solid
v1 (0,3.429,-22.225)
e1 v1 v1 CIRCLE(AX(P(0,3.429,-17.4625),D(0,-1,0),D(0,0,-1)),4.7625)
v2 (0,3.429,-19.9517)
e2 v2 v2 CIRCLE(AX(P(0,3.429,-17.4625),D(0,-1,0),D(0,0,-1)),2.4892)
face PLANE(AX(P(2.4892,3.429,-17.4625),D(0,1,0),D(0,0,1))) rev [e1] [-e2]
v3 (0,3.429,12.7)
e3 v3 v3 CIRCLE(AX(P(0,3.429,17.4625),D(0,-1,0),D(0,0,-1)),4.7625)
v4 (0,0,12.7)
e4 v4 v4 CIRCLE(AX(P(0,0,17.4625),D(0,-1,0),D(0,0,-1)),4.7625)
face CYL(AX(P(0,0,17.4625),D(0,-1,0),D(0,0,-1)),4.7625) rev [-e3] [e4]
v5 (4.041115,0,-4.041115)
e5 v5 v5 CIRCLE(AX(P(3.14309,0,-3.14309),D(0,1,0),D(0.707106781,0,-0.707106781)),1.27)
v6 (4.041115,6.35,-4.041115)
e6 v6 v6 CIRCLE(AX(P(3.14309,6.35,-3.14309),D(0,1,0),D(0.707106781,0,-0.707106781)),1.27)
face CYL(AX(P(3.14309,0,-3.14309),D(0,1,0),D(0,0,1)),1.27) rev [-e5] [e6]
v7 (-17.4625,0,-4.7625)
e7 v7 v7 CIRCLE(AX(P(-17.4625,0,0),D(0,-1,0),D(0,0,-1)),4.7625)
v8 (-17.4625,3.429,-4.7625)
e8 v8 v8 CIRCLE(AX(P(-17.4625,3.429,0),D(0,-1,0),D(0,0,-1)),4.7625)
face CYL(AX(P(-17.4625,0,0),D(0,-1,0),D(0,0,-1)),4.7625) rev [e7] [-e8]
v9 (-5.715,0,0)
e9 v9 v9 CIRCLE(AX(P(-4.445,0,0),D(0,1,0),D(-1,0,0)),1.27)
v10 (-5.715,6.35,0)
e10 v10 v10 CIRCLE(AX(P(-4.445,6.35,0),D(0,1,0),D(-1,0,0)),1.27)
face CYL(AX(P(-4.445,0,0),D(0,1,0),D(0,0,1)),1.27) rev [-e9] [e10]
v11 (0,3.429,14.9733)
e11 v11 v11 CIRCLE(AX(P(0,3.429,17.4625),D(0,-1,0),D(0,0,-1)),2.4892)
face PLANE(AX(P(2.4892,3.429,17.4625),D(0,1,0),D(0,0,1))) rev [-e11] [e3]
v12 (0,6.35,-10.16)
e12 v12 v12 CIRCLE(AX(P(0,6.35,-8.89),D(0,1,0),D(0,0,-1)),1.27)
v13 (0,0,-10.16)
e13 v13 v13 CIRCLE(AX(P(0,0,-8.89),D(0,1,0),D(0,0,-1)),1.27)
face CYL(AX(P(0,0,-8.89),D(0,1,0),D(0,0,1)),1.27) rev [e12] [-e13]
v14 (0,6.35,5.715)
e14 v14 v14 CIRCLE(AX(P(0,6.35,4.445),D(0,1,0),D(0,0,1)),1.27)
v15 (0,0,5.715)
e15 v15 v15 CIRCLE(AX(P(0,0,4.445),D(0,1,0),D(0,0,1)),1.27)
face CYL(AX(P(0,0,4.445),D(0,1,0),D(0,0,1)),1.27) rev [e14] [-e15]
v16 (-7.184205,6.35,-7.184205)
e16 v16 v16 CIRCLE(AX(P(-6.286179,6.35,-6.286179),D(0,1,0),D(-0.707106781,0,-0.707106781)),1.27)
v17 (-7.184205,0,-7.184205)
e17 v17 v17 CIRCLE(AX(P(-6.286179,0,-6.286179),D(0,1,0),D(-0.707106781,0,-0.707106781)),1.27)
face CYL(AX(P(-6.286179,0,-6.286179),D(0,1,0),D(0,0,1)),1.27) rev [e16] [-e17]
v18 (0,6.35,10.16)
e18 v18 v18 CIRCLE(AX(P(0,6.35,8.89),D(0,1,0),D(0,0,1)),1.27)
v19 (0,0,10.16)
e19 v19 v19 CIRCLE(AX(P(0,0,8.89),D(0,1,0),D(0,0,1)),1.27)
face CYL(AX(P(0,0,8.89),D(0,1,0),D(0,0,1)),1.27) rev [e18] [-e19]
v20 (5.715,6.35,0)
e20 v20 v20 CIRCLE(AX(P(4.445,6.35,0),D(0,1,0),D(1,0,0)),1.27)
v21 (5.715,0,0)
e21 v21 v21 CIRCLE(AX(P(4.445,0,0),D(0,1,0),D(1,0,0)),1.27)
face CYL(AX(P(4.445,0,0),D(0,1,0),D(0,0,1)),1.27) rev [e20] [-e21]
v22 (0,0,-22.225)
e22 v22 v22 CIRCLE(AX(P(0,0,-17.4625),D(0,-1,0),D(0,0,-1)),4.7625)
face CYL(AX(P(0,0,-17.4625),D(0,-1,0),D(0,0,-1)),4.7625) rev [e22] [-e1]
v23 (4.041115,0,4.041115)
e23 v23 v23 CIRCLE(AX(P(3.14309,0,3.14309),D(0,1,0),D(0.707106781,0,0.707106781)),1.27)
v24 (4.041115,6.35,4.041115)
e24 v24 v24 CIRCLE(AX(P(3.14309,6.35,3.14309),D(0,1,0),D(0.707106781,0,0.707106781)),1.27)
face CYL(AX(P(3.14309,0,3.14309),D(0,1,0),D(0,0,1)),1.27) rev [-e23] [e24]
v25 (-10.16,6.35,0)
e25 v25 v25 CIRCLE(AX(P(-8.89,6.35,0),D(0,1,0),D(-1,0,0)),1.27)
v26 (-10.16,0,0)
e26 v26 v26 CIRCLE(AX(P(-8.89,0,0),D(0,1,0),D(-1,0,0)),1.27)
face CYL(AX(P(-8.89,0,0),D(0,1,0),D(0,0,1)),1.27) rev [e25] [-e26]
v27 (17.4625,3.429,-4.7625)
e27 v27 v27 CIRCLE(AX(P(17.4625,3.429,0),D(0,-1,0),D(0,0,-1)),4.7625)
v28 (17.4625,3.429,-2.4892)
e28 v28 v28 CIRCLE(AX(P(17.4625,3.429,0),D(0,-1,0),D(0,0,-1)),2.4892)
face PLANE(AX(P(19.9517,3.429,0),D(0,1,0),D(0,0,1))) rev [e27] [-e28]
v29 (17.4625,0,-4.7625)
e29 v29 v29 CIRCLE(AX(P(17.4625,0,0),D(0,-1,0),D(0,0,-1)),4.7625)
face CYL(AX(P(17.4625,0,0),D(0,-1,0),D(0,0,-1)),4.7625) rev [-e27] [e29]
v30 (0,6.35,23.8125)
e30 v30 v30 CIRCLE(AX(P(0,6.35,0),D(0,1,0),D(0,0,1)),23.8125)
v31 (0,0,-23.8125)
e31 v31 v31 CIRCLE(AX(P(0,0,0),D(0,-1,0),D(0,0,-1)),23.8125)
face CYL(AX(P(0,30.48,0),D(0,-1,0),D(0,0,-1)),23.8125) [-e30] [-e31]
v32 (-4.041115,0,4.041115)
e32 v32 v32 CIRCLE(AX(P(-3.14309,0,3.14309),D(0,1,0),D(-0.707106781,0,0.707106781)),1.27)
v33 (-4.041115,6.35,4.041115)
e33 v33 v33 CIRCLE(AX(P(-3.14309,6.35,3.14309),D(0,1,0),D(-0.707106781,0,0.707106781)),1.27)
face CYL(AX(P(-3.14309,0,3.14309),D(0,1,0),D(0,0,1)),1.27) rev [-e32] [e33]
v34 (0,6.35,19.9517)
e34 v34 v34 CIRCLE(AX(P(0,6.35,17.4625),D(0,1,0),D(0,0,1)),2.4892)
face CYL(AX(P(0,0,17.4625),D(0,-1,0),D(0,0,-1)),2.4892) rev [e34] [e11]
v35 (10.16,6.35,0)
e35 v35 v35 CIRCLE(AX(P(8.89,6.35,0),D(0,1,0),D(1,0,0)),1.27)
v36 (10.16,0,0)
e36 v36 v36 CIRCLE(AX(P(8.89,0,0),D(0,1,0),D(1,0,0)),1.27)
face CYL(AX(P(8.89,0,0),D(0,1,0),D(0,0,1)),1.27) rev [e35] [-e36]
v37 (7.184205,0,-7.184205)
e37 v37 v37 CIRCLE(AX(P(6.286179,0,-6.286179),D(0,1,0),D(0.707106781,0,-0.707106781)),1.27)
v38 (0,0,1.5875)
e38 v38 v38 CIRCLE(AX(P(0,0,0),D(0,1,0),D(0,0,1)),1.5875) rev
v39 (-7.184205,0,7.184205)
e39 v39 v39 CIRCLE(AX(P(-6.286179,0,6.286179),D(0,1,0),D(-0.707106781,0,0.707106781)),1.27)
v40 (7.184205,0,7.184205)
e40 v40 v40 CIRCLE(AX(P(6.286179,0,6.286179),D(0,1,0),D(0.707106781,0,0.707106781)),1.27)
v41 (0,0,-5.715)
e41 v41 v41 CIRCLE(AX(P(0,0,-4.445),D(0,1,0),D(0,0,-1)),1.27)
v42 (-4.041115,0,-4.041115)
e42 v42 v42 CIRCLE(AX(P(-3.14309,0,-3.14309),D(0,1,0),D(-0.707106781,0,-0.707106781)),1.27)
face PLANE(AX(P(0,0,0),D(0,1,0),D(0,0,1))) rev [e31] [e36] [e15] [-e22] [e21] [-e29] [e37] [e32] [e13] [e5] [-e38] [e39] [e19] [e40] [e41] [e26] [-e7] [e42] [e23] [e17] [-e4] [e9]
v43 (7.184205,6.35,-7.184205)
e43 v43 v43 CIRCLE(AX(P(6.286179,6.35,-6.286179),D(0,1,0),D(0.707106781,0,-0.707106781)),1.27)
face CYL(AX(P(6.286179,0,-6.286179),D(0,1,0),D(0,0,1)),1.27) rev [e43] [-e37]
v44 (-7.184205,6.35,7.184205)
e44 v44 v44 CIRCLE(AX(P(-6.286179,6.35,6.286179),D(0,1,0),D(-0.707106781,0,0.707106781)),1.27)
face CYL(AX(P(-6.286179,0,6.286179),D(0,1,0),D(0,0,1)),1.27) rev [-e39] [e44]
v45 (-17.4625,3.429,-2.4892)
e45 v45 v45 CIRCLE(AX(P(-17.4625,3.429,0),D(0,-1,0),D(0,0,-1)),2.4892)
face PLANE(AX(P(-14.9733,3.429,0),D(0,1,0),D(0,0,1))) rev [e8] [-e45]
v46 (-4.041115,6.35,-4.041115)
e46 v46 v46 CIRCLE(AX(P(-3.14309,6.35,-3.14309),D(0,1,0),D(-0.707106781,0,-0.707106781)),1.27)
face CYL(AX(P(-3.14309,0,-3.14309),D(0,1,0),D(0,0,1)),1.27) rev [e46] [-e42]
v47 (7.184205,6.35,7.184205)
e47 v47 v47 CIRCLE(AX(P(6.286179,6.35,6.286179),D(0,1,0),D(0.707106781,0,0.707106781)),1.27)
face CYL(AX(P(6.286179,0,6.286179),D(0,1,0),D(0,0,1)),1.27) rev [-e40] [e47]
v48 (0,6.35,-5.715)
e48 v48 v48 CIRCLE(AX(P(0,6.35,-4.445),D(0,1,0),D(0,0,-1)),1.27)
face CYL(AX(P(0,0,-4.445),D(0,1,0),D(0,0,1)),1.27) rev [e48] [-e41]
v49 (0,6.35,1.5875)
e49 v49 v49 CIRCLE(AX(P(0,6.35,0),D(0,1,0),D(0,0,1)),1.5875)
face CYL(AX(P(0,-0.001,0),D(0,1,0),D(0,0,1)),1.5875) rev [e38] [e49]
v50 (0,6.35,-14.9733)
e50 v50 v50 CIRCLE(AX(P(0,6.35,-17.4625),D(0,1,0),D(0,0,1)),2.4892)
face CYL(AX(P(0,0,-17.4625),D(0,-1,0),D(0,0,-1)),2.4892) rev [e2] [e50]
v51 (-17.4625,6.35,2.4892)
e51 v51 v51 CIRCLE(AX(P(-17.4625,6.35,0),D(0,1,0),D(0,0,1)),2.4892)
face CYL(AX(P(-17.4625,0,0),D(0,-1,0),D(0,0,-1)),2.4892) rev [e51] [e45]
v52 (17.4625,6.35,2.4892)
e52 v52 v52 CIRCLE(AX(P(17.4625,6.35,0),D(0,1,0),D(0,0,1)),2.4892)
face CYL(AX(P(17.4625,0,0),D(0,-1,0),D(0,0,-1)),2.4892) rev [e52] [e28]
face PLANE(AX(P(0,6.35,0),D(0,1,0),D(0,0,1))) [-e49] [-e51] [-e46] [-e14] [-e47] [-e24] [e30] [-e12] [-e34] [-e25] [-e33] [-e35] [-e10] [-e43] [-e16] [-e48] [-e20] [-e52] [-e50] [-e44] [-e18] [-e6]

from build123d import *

# Parameters (mm, degrees)
SKETCH1_R                                           = 50.8
BOSS_EXTRUDE1_DEPTH                                 = 25.4
SKETCH2_R                                           = 69.85
SKETCH2_R_2                                         = 50.8
BOSS_EXTRUDE2_DEPTH                                 = 12.7
SKETCH3_R                                           = 49.53
SKETCH3_R_2                                         = 47.625
CUT_EXTRUDE1_DEPTH                                  = 1.1176
CUT_EXTRUDE2_REACH                                  = 27.4
SKETCH4_R                                           = 3.175
SKETCH5_R                                           = 11.43
CUT_EXTRUDE3_DEPTH                                  = 19.05
CUT_EXTRUDE4_REACH                                  = 8.35
SKETCH6_R                                           = 1.5875
SKETCH42_OUTSIDE_W                                  = 181.538
SKETCH42_OUTSIDE_H                                  = 181.538
SKETCH42_OUTSIDE_R                                  = 23.8125
CUT_EXTRUDE9_DEPTH                                  = 30.48
SKETCH43_R                                          = 20.6375
CUT_EXTRUDE10_DEPTH                                 = 19.05
CBORE_FOR_10_BINDING_HEAD_MACHINE_SCREW_D           = 4.9784
CBORE_FOR_10_BINDING_HEAD_MACHINE_SCREW_CBORE_D     = 9.525
CBORE_FOR_10_BINDING_HEAD_MACHINE_SCREW_CBORE_DEPTH = 3.429
SKETCH52_R                                          = 23.8125
CUT_EXTRUDE11_DEPTH                                 = 19.05
SKETCH54_R                                          = 1.27
CUT_EXTRUDE12_DEPTH                                 = 6.35
CIRPATTERN1_COUNT                                   = 8
SKETCH55_R                                          = 1.27
CUT_EXTRUDE13_DEPTH                                 = 6.35
CIRPATTERN2_COUNT                                   = 8


with BuildPart() as part:
    # Sketch1 → Boss-Extrude1 (new body)
    with BuildSketch(Plane(origin=(0, 0, 0), x_dir=(1, 0, 0), z_dir=(0, 1, 0))):
        Circle(SKETCH1_R)
    extrude(amount=BOSS_EXTRUDE1_DEPTH)

    # Sketch2 → Boss-Extrude2 (add)
    with BuildSketch(Plane.XZ):
        Circle(SKETCH2_R)
        Circle(SKETCH2_R_2, mode=Mode.SUBTRACT)
    extrude(amount=-BOSS_EXTRUDE2_DEPTH)

    # Sketch3 → Cut-Extrude1 (cut)
    with BuildSketch(Plane.XZ):
        Circle(SKETCH3_R)
        Circle(SKETCH3_R_2, mode=Mode.SUBTRACT)
    extrude(amount=-CUT_EXTRUDE1_DEPTH, mode=Mode.SUBTRACT)

    # Sketch4 → Cut-Extrude2 (cut, up to next)
    with BuildSketch(Plane.XZ, mode=Mode.PRIVATE) as cut_extrude2_sk1:
        with Locations((0, -59.9186)):
            Circle(SKETCH4_R)
    cut_extrude2_tool1 = extrude(cut_extrude2_sk1.sketch, amount=-CUT_EXTRUDE2_REACH, mode=Mode.PRIVATE) & part.part
    add(cut_extrude2_tool1.solids().sort_by_distance((0, 0, -59.9186))[0], mode=Mode.SUBTRACT)
    # Sketch4 → Cut-Extrude2 (cut, up to next)
    with BuildSketch(Plane.XZ, mode=Mode.PRIVATE) as cut_extrude2_sk2:
        with Locations((-42.368848379, -42.368848379)):
            Circle(SKETCH4_R)
    cut_extrude2_tool2 = extrude(cut_extrude2_sk2.sketch, amount=-CUT_EXTRUDE2_REACH, mode=Mode.PRIVATE) & part.part
    add(cut_extrude2_tool2.solids().sort_by_distance((-42.368848, 0, -42.368848))[0], mode=Mode.SUBTRACT)
    # Sketch4 → Cut-Extrude2 (cut, up to next)
    with BuildSketch(Plane.XZ, mode=Mode.PRIVATE) as cut_extrude2_sk3:
        with Locations((-59.9186, 0)):
            Circle(SKETCH4_R)
    cut_extrude2_tool3 = extrude(cut_extrude2_sk3.sketch, amount=-CUT_EXTRUDE2_REACH, mode=Mode.PRIVATE) & part.part
    add(cut_extrude2_tool3.solids().sort_by_distance((-59.9186, 0, 0))[0], mode=Mode.SUBTRACT)
    # Sketch4 → Cut-Extrude2 (cut, up to next)
    with BuildSketch(Plane.XZ, mode=Mode.PRIVATE) as cut_extrude2_sk4:
        with Locations((-42.368848379, 42.368848379)):
            Circle(SKETCH4_R)
    cut_extrude2_tool4 = extrude(cut_extrude2_sk4.sketch, amount=-CUT_EXTRUDE2_REACH, mode=Mode.PRIVATE) & part.part
    add(cut_extrude2_tool4.solids().sort_by_distance((-42.368848, 0, 42.368848))[0], mode=Mode.SUBTRACT)
    # Sketch4 → Cut-Extrude2 (cut, up to next)
    with BuildSketch(Plane.XZ, mode=Mode.PRIVATE) as cut_extrude2_sk5:
        with Locations((0, 59.9186)):
            Circle(SKETCH4_R)
    cut_extrude2_tool5 = extrude(cut_extrude2_sk5.sketch, amount=-CUT_EXTRUDE2_REACH, mode=Mode.PRIVATE) & part.part
    add(cut_extrude2_tool5.solids().sort_by_distance((0, 0, 59.9186))[0], mode=Mode.SUBTRACT)
    # Sketch4 → Cut-Extrude2 (cut, up to next)
    with BuildSketch(Plane.XZ, mode=Mode.PRIVATE) as cut_extrude2_sk6:
        with Locations((42.368848379, 42.368848379)):
            Circle(SKETCH4_R)
    cut_extrude2_tool6 = extrude(cut_extrude2_sk6.sketch, amount=-CUT_EXTRUDE2_REACH, mode=Mode.PRIVATE) & part.part
    add(cut_extrude2_tool6.solids().sort_by_distance((42.368848, 0, 42.368848))[0], mode=Mode.SUBTRACT)
    # Sketch4 → Cut-Extrude2 (cut, up to next)
    with BuildSketch(Plane.XZ, mode=Mode.PRIVATE) as cut_extrude2_sk7:
        with Locations((59.9186, 0)):
            Circle(SKETCH4_R)
    cut_extrude2_tool7 = extrude(cut_extrude2_sk7.sketch, amount=-CUT_EXTRUDE2_REACH, mode=Mode.PRIVATE) & part.part
    add(cut_extrude2_tool7.solids().sort_by_distance((59.9186, 0, 0))[0], mode=Mode.SUBTRACT)
    # Sketch4 → Cut-Extrude2 (cut, up to next)
    with BuildSketch(Plane.XZ, mode=Mode.PRIVATE) as cut_extrude2_sk8:
        with Locations((42.368848379, -42.368848379)):
            Circle(SKETCH4_R)
    cut_extrude2_tool8 = extrude(cut_extrude2_sk8.sketch, amount=-CUT_EXTRUDE2_REACH, mode=Mode.PRIVATE) & part.part
    add(cut_extrude2_tool8.solids().sort_by_distance((42.368848, 0, -42.368848))[0], mode=Mode.SUBTRACT)

    # Sketch5 → Cut-Extrude3 (cut)
    with BuildSketch(Plane(origin=(0, 25.4, 0), x_dir=(1, 0, 0), z_dir=(0, 1, 0))):
        Circle(SKETCH5_R)
    extrude(amount=-CUT_EXTRUDE3_DEPTH, mode=Mode.SUBTRACT)

    # Sketch6 → Cut-Extrude4 (cut, up to next)
    with BuildSketch(Plane(origin=(0, 6.35, 0), x_dir=(1, 0, 0), z_dir=(0, 1, 0)), mode=Mode.PRIVATE) as cut_extrude4_sk1:
        Circle(SKETCH6_R)
    cut_extrude4_tool1 = extrude(cut_extrude4_sk1.sketch, amount=-CUT_EXTRUDE4_REACH, mode=Mode.PRIVATE) & part.part
    add(cut_extrude4_tool1.solids().sort_by_distance((0, 6.35, 0))[0], mode=Mode.SUBTRACT)

    # Sketch42 outside → Cut-Extrude9 (cut)
    with BuildSketch(Plane.XZ):
        Rectangle(SKETCH42_OUTSIDE_W, SKETCH42_OUTSIDE_H)
        Circle(SKETCH42_OUTSIDE_R, mode=Mode.SUBTRACT)
    extrude(amount=-CUT_EXTRUDE9_DEPTH, mode=Mode.SUBTRACT)

    # Sketch43 → Cut-Extrude10 (cut)
    with BuildSketch(Plane(origin=(0, 25.4, 0), x_dir=(1, 0, 0), z_dir=(0, 1, 0))):
        Circle(SKETCH43_R)
    extrude(amount=-CUT_EXTRUDE10_DEPTH, mode=Mode.SUBTRACT)

    # CBORE for #10 Binding Head Machine Screw1 (through all)
    with Locations(Plane(origin=(0, 0, 0), x_dir=(-1, 0, 0), z_dir=(0, -1, 0))):
        with Locations((0, -17.4625), (-17.4625, 0), (17.4625, 0), (0, 17.4625)):
            CounterBoreHole(CBORE_FOR_10_BINDING_HEAD_MACHINE_SCREW_D / 2, CBORE_FOR_10_BINDING_HEAD_MACHINE_SCREW_CBORE_D / 2, CBORE_FOR_10_BINDING_HEAD_MACHINE_SCREW_CBORE_DEPTH)

    # Sketch52 → Cut-Extrude11 (cut)
    with BuildSketch(Plane(origin=(0, 25.4, 0), x_dir=(1, 0, 0), z_dir=(0, 1, 0))):
        Circle(SKETCH52_R)
    extrude(amount=-CUT_EXTRUDE11_DEPTH, mode=Mode.SUBTRACT)

    # Sketch54 → Cut-Extrude12 (cut)
    with BuildSketch(Plane(origin=(0, 6.35, 0), x_dir=(1, 0, 0), z_dir=(0, 1, 0))):
        with Locations((0, -4.445)):
            Circle(SKETCH54_R)
    cut_extrude12 = extrude(amount=-CUT_EXTRUDE12_DEPTH, mode=Mode.SUBTRACT)

    # CirPattern1: Cut-Extrude12 ×8 about axis
    cirpattern1_axis = Axis((0, 0, 0), (0, 1, 0))
    for i in range(1, CIRPATTERN1_COUNT):
        add(cut_extrude12.rotate(cirpattern1_axis, i * 360 / CIRPATTERN1_COUNT), mode=Mode.SUBTRACT)

    # Sketch55 → Cut-Extrude13 (cut)
    with BuildSketch(Plane(origin=(0, 6.35, 0), x_dir=(1, 0, 0), z_dir=(0, 1, 0))):
        with Locations((0, -8.89)):
            Circle(SKETCH55_R)
    cut_extrude13 = extrude(amount=-CUT_EXTRUDE13_DEPTH, mode=Mode.SUBTRACT)

    # CirPattern2: Cut-Extrude13 ×8 about axis
    cirpattern2_axis = Axis((0, 0, 0), (0, 1, 0))
    for i in range(1, CIRPATTERN2_COUNT):
        add(cut_extrude13.rotate(cirpattern2_axis, i * 360 / CIRPATTERN2_COUNT), mode=Mode.SUBTRACT)


solid = part.part
